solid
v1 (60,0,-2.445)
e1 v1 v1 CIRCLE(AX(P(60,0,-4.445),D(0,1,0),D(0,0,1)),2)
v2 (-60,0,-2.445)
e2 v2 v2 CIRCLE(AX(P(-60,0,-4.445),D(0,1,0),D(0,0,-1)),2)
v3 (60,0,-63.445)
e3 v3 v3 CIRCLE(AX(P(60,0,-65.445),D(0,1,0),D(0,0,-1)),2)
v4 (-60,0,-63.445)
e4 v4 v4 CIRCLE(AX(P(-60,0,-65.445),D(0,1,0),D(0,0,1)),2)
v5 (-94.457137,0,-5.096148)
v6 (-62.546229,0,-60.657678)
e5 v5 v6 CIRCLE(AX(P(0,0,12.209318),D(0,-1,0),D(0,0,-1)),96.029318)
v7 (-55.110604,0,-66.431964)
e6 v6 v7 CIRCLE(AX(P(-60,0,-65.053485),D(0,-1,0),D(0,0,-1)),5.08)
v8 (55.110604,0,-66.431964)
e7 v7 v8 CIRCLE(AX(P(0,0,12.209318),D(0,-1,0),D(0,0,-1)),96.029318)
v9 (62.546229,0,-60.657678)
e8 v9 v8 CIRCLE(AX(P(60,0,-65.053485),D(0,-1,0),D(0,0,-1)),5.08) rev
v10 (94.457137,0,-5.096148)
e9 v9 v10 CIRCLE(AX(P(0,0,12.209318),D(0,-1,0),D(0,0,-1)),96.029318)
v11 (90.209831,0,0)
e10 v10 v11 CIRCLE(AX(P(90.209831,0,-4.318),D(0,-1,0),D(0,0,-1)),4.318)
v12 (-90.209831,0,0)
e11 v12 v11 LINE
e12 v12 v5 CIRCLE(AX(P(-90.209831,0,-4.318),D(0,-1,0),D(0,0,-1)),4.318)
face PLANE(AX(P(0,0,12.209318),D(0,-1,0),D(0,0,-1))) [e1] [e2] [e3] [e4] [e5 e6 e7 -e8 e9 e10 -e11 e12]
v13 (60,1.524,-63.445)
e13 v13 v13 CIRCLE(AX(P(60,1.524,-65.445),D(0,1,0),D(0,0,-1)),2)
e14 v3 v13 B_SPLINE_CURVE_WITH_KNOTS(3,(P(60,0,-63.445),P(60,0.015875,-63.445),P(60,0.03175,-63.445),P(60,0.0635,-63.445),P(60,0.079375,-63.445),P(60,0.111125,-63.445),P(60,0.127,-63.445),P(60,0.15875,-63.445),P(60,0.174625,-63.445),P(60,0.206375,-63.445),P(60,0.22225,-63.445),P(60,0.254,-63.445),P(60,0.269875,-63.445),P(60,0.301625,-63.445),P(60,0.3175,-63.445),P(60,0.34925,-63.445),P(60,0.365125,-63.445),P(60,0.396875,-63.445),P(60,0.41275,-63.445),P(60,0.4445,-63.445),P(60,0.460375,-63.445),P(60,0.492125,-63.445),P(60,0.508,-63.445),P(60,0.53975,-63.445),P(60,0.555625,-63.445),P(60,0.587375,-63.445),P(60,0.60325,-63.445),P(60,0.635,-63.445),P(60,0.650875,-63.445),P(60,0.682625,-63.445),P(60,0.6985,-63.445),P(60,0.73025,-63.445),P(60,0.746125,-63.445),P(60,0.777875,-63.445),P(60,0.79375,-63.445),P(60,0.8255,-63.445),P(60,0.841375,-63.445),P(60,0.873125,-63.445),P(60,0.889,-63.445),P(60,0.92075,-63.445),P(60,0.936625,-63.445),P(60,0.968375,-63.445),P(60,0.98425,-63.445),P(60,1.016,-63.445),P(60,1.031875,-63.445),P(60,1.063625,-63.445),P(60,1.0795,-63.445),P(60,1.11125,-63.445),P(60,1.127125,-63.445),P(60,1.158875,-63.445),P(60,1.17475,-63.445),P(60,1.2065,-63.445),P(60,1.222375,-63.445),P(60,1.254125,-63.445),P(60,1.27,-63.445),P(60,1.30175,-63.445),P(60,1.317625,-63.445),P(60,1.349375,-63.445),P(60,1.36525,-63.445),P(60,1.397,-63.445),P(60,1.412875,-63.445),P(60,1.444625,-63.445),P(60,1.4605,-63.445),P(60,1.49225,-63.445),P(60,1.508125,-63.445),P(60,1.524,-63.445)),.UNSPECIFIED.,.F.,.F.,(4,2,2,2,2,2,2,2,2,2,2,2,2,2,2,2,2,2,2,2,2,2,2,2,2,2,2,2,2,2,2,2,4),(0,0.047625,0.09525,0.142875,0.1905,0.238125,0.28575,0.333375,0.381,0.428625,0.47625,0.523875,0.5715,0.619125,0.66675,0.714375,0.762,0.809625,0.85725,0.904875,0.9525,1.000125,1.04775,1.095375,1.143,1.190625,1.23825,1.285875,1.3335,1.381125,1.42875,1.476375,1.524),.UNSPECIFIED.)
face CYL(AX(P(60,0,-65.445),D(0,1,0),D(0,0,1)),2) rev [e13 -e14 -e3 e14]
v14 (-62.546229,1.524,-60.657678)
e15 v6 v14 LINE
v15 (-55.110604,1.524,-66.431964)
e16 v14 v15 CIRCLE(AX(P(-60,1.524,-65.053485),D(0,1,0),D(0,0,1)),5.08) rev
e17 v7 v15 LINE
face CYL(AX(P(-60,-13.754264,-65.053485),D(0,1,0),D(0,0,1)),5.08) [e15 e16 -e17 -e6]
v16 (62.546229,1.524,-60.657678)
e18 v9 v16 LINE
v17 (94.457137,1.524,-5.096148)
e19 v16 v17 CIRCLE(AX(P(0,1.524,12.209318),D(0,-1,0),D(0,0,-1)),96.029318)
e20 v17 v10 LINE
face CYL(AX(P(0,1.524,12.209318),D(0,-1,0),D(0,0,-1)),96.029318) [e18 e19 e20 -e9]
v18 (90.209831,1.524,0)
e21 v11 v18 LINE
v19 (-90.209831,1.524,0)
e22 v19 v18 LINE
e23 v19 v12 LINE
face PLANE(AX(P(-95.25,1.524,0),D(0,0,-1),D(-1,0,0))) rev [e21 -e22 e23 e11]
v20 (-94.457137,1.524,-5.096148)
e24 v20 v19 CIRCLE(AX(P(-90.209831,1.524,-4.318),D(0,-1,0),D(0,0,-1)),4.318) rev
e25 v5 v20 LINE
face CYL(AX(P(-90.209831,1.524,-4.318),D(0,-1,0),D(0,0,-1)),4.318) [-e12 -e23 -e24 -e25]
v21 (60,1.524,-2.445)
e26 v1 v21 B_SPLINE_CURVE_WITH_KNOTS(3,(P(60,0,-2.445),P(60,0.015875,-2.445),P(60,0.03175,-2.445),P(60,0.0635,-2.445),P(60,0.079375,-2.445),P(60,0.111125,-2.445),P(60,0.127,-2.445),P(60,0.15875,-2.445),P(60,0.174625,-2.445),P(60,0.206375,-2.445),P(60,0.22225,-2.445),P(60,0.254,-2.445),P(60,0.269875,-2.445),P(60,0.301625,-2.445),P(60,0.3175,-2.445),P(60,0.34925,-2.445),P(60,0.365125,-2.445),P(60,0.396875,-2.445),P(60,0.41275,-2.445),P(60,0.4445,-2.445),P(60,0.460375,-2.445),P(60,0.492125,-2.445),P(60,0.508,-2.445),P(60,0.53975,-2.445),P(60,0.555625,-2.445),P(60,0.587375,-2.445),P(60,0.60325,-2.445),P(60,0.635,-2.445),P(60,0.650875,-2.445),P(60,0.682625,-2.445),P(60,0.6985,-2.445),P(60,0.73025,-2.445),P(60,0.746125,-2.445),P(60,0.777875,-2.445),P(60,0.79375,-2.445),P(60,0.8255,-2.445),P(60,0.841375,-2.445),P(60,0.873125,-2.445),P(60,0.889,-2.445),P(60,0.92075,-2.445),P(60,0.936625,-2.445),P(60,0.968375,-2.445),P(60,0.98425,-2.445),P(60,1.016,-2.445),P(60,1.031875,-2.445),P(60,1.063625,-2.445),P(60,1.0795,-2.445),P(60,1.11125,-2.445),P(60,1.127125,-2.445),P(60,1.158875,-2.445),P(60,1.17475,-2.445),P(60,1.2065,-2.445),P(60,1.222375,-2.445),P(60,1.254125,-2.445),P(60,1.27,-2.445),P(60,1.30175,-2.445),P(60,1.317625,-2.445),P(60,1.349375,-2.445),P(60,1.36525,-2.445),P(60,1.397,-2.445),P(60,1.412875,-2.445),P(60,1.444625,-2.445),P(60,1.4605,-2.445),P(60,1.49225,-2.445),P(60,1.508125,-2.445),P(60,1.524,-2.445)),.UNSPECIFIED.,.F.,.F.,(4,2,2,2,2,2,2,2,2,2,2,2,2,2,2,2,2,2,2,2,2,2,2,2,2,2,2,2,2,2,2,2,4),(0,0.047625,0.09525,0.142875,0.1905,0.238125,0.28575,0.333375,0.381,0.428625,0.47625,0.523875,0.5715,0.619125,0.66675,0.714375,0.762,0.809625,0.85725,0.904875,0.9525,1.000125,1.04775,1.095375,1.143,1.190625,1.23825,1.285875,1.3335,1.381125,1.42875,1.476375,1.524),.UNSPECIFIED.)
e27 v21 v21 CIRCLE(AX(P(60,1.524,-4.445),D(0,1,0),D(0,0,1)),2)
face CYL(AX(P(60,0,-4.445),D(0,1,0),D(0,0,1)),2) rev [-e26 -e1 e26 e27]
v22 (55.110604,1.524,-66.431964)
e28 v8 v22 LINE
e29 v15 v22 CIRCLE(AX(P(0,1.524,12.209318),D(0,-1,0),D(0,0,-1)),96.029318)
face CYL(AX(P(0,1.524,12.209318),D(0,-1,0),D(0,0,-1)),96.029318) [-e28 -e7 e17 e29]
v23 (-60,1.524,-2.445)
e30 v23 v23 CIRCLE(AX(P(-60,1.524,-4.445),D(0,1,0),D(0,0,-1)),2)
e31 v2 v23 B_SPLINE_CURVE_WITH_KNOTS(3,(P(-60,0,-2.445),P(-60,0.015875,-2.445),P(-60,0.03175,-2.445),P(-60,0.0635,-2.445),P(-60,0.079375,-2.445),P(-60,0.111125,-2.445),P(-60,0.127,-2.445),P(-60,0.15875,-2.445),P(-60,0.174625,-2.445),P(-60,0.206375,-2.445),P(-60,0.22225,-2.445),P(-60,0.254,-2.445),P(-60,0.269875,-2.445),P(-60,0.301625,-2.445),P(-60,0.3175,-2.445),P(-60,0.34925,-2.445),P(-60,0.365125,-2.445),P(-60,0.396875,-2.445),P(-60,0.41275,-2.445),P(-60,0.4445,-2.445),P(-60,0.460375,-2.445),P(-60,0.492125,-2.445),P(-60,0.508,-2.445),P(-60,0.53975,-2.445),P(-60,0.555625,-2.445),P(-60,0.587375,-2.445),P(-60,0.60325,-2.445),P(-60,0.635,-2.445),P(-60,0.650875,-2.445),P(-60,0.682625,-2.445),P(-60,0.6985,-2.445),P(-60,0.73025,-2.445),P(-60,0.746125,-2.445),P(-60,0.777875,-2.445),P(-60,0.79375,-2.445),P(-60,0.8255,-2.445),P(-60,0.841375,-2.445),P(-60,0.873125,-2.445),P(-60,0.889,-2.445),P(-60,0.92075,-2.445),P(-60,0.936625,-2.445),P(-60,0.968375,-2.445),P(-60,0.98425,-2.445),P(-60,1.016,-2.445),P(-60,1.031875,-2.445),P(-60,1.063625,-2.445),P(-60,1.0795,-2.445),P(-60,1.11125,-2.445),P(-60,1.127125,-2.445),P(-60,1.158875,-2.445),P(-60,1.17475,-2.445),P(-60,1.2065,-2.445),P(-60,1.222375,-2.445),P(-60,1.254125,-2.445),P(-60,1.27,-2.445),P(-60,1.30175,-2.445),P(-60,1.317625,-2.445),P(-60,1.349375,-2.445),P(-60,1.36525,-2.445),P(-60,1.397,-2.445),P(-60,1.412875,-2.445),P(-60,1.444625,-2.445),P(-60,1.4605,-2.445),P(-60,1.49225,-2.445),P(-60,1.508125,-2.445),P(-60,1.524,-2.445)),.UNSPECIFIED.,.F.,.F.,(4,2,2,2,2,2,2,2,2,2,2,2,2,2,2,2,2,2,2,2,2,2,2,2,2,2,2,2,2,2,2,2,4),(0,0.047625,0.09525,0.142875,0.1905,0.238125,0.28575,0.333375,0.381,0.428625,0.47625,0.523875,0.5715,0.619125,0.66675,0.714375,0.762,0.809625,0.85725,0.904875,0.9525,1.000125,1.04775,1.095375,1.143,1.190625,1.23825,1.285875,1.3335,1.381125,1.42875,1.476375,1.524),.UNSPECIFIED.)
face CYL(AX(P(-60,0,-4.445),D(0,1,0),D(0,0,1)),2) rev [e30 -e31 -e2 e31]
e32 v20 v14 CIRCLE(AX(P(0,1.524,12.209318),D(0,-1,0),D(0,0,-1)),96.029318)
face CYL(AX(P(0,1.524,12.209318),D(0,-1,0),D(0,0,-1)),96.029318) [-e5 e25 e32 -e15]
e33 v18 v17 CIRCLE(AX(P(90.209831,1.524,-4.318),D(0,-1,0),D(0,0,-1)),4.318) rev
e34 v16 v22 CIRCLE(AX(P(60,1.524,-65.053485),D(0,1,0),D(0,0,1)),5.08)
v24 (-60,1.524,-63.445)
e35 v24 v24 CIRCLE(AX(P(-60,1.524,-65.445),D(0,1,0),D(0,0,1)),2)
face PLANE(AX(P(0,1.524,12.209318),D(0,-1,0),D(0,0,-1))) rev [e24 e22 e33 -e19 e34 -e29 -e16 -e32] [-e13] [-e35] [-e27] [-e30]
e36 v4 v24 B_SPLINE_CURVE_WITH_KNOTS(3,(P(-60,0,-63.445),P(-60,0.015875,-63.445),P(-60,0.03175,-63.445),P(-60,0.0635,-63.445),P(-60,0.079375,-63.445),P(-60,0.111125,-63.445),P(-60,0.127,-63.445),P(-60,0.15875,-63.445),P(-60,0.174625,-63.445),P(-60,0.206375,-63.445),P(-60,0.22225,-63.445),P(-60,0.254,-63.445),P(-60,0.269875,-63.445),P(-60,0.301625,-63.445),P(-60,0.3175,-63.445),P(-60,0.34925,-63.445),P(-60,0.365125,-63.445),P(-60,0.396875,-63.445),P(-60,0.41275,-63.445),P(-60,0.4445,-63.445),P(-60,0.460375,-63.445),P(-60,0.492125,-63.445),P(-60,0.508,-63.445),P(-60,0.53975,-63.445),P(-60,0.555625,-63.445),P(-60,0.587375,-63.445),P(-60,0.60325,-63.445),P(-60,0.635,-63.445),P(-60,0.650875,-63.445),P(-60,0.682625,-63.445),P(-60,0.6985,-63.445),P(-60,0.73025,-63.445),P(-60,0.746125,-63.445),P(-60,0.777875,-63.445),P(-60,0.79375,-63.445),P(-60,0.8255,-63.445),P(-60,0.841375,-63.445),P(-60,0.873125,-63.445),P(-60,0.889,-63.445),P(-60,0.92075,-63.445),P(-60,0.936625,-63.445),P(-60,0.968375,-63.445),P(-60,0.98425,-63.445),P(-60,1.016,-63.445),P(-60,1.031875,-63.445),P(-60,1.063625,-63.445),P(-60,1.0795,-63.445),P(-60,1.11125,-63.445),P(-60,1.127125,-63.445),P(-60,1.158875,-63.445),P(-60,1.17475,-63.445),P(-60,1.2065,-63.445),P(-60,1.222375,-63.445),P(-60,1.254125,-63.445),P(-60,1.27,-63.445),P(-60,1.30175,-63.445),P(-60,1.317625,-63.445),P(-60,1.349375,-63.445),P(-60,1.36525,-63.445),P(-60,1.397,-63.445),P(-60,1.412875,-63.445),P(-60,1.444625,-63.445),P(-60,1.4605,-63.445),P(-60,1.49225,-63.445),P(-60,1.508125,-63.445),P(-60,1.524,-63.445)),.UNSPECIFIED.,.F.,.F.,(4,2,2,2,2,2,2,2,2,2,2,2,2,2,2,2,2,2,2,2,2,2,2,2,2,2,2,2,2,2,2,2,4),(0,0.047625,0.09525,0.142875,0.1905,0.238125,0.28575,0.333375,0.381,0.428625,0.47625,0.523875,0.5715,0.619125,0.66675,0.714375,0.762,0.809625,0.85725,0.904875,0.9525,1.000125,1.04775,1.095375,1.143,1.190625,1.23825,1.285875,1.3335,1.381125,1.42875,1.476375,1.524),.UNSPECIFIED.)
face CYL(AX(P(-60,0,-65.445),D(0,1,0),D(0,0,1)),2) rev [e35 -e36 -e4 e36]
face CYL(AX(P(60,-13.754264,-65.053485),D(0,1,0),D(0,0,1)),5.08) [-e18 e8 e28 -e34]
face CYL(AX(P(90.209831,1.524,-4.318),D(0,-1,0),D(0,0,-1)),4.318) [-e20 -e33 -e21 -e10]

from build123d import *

# Parameters (mm, degrees)
BOSS_EXTRU_1_DEPTH      = 1.524
CONG_1_R                = 4.318
BOSS_EXTRU_3_START      = -1.524
BOSS_EXTRU_3_DEPTH      = 1.524
ESQUISSE3_R             = 2
ENL_V_MAT_EXTRU_1_DEPTH = 127.347243097


with BuildPart() as part:
    # Esquisse1 → Boss.-Extru.1 (new body)
    with BuildSketch(Plane(origin=(0, 0, 0), x_dir=(1, 0, 0), z_dir=(0, 1, 0))):
        with BuildLine():
            Line((-95.25, 0), (95.25, 0))
            ThreePointArc((95.25, 0), (0, 83.82), (-95.25, 0))
        make_face()
    extrude(amount=BOSS_EXTRU_1_DEPTH)

    # Congé1
    cong_1_edges = [part.edges().sort_by_distance(p)[0] for p in [
        (-95.25, 0.762, 0),
        (95.25, 0.762, 0),
    ]]
    fillet(cong_1_edges, radius=CONG_1_R)

    # Esquisse2 → Boss.-Extru.3 (add)
    with BuildSketch(Plane(origin=(0, 1.524, 0), x_dir=(1, 0, 0), z_dir=(0, 1, 0)).offset(BOSS_EXTRU_3_START)):
        with BuildLine():
            ThreePointArc((62.546228877, 60.657678488), (63.115798852, 69.065741324), (55.110603719, 66.431964286))
            ThreePointArc((55.110603719, 66.431964286), (58.899220354, 63.635996718), (62.546228877, 60.657678488))
        make_face()
        with BuildLine():
            ThreePointArc((-62.546228877, 60.657678488), (-58.899220354, 63.635996718), (-55.110603719, 66.431964286))
            ThreePointArc((-55.110603719, 66.431964286), (-63.115798852, 69.065741324), (-62.546228877, 60.657678488))
        make_face()
    extrude(amount=BOSS_EXTRU_3_DEPTH)

    # Esquisse3 → Enlèv. mat.-Extru.1 (cut, through all)
    with BuildSketch(Plane(origin=(0, 1.524, 0), x_dir=(1, 0, 0), z_dir=(0, 1, 0))):
        with Locations(Location((60, 4.445, 0), (0, 0, 270))):
            Circle(ESQUISSE3_R)
        with Locations(Location((-60, 4.445, 0), (0, 0, 270))):
            Circle(ESQUISSE3_R)
        with Locations(Location((-60, 65.445, 0), (0, 0, 270))):
            Circle(ESQUISSE3_R)
        with Locations(Location((60, 65.445, 0), (0, 0, 270))):
            Circle(ESQUISSE3_R)
    extrude(amount=-ENL_V_MAT_EXTRU_1_DEPTH, mode=Mode.SUBTRACT)


solid = part.part
